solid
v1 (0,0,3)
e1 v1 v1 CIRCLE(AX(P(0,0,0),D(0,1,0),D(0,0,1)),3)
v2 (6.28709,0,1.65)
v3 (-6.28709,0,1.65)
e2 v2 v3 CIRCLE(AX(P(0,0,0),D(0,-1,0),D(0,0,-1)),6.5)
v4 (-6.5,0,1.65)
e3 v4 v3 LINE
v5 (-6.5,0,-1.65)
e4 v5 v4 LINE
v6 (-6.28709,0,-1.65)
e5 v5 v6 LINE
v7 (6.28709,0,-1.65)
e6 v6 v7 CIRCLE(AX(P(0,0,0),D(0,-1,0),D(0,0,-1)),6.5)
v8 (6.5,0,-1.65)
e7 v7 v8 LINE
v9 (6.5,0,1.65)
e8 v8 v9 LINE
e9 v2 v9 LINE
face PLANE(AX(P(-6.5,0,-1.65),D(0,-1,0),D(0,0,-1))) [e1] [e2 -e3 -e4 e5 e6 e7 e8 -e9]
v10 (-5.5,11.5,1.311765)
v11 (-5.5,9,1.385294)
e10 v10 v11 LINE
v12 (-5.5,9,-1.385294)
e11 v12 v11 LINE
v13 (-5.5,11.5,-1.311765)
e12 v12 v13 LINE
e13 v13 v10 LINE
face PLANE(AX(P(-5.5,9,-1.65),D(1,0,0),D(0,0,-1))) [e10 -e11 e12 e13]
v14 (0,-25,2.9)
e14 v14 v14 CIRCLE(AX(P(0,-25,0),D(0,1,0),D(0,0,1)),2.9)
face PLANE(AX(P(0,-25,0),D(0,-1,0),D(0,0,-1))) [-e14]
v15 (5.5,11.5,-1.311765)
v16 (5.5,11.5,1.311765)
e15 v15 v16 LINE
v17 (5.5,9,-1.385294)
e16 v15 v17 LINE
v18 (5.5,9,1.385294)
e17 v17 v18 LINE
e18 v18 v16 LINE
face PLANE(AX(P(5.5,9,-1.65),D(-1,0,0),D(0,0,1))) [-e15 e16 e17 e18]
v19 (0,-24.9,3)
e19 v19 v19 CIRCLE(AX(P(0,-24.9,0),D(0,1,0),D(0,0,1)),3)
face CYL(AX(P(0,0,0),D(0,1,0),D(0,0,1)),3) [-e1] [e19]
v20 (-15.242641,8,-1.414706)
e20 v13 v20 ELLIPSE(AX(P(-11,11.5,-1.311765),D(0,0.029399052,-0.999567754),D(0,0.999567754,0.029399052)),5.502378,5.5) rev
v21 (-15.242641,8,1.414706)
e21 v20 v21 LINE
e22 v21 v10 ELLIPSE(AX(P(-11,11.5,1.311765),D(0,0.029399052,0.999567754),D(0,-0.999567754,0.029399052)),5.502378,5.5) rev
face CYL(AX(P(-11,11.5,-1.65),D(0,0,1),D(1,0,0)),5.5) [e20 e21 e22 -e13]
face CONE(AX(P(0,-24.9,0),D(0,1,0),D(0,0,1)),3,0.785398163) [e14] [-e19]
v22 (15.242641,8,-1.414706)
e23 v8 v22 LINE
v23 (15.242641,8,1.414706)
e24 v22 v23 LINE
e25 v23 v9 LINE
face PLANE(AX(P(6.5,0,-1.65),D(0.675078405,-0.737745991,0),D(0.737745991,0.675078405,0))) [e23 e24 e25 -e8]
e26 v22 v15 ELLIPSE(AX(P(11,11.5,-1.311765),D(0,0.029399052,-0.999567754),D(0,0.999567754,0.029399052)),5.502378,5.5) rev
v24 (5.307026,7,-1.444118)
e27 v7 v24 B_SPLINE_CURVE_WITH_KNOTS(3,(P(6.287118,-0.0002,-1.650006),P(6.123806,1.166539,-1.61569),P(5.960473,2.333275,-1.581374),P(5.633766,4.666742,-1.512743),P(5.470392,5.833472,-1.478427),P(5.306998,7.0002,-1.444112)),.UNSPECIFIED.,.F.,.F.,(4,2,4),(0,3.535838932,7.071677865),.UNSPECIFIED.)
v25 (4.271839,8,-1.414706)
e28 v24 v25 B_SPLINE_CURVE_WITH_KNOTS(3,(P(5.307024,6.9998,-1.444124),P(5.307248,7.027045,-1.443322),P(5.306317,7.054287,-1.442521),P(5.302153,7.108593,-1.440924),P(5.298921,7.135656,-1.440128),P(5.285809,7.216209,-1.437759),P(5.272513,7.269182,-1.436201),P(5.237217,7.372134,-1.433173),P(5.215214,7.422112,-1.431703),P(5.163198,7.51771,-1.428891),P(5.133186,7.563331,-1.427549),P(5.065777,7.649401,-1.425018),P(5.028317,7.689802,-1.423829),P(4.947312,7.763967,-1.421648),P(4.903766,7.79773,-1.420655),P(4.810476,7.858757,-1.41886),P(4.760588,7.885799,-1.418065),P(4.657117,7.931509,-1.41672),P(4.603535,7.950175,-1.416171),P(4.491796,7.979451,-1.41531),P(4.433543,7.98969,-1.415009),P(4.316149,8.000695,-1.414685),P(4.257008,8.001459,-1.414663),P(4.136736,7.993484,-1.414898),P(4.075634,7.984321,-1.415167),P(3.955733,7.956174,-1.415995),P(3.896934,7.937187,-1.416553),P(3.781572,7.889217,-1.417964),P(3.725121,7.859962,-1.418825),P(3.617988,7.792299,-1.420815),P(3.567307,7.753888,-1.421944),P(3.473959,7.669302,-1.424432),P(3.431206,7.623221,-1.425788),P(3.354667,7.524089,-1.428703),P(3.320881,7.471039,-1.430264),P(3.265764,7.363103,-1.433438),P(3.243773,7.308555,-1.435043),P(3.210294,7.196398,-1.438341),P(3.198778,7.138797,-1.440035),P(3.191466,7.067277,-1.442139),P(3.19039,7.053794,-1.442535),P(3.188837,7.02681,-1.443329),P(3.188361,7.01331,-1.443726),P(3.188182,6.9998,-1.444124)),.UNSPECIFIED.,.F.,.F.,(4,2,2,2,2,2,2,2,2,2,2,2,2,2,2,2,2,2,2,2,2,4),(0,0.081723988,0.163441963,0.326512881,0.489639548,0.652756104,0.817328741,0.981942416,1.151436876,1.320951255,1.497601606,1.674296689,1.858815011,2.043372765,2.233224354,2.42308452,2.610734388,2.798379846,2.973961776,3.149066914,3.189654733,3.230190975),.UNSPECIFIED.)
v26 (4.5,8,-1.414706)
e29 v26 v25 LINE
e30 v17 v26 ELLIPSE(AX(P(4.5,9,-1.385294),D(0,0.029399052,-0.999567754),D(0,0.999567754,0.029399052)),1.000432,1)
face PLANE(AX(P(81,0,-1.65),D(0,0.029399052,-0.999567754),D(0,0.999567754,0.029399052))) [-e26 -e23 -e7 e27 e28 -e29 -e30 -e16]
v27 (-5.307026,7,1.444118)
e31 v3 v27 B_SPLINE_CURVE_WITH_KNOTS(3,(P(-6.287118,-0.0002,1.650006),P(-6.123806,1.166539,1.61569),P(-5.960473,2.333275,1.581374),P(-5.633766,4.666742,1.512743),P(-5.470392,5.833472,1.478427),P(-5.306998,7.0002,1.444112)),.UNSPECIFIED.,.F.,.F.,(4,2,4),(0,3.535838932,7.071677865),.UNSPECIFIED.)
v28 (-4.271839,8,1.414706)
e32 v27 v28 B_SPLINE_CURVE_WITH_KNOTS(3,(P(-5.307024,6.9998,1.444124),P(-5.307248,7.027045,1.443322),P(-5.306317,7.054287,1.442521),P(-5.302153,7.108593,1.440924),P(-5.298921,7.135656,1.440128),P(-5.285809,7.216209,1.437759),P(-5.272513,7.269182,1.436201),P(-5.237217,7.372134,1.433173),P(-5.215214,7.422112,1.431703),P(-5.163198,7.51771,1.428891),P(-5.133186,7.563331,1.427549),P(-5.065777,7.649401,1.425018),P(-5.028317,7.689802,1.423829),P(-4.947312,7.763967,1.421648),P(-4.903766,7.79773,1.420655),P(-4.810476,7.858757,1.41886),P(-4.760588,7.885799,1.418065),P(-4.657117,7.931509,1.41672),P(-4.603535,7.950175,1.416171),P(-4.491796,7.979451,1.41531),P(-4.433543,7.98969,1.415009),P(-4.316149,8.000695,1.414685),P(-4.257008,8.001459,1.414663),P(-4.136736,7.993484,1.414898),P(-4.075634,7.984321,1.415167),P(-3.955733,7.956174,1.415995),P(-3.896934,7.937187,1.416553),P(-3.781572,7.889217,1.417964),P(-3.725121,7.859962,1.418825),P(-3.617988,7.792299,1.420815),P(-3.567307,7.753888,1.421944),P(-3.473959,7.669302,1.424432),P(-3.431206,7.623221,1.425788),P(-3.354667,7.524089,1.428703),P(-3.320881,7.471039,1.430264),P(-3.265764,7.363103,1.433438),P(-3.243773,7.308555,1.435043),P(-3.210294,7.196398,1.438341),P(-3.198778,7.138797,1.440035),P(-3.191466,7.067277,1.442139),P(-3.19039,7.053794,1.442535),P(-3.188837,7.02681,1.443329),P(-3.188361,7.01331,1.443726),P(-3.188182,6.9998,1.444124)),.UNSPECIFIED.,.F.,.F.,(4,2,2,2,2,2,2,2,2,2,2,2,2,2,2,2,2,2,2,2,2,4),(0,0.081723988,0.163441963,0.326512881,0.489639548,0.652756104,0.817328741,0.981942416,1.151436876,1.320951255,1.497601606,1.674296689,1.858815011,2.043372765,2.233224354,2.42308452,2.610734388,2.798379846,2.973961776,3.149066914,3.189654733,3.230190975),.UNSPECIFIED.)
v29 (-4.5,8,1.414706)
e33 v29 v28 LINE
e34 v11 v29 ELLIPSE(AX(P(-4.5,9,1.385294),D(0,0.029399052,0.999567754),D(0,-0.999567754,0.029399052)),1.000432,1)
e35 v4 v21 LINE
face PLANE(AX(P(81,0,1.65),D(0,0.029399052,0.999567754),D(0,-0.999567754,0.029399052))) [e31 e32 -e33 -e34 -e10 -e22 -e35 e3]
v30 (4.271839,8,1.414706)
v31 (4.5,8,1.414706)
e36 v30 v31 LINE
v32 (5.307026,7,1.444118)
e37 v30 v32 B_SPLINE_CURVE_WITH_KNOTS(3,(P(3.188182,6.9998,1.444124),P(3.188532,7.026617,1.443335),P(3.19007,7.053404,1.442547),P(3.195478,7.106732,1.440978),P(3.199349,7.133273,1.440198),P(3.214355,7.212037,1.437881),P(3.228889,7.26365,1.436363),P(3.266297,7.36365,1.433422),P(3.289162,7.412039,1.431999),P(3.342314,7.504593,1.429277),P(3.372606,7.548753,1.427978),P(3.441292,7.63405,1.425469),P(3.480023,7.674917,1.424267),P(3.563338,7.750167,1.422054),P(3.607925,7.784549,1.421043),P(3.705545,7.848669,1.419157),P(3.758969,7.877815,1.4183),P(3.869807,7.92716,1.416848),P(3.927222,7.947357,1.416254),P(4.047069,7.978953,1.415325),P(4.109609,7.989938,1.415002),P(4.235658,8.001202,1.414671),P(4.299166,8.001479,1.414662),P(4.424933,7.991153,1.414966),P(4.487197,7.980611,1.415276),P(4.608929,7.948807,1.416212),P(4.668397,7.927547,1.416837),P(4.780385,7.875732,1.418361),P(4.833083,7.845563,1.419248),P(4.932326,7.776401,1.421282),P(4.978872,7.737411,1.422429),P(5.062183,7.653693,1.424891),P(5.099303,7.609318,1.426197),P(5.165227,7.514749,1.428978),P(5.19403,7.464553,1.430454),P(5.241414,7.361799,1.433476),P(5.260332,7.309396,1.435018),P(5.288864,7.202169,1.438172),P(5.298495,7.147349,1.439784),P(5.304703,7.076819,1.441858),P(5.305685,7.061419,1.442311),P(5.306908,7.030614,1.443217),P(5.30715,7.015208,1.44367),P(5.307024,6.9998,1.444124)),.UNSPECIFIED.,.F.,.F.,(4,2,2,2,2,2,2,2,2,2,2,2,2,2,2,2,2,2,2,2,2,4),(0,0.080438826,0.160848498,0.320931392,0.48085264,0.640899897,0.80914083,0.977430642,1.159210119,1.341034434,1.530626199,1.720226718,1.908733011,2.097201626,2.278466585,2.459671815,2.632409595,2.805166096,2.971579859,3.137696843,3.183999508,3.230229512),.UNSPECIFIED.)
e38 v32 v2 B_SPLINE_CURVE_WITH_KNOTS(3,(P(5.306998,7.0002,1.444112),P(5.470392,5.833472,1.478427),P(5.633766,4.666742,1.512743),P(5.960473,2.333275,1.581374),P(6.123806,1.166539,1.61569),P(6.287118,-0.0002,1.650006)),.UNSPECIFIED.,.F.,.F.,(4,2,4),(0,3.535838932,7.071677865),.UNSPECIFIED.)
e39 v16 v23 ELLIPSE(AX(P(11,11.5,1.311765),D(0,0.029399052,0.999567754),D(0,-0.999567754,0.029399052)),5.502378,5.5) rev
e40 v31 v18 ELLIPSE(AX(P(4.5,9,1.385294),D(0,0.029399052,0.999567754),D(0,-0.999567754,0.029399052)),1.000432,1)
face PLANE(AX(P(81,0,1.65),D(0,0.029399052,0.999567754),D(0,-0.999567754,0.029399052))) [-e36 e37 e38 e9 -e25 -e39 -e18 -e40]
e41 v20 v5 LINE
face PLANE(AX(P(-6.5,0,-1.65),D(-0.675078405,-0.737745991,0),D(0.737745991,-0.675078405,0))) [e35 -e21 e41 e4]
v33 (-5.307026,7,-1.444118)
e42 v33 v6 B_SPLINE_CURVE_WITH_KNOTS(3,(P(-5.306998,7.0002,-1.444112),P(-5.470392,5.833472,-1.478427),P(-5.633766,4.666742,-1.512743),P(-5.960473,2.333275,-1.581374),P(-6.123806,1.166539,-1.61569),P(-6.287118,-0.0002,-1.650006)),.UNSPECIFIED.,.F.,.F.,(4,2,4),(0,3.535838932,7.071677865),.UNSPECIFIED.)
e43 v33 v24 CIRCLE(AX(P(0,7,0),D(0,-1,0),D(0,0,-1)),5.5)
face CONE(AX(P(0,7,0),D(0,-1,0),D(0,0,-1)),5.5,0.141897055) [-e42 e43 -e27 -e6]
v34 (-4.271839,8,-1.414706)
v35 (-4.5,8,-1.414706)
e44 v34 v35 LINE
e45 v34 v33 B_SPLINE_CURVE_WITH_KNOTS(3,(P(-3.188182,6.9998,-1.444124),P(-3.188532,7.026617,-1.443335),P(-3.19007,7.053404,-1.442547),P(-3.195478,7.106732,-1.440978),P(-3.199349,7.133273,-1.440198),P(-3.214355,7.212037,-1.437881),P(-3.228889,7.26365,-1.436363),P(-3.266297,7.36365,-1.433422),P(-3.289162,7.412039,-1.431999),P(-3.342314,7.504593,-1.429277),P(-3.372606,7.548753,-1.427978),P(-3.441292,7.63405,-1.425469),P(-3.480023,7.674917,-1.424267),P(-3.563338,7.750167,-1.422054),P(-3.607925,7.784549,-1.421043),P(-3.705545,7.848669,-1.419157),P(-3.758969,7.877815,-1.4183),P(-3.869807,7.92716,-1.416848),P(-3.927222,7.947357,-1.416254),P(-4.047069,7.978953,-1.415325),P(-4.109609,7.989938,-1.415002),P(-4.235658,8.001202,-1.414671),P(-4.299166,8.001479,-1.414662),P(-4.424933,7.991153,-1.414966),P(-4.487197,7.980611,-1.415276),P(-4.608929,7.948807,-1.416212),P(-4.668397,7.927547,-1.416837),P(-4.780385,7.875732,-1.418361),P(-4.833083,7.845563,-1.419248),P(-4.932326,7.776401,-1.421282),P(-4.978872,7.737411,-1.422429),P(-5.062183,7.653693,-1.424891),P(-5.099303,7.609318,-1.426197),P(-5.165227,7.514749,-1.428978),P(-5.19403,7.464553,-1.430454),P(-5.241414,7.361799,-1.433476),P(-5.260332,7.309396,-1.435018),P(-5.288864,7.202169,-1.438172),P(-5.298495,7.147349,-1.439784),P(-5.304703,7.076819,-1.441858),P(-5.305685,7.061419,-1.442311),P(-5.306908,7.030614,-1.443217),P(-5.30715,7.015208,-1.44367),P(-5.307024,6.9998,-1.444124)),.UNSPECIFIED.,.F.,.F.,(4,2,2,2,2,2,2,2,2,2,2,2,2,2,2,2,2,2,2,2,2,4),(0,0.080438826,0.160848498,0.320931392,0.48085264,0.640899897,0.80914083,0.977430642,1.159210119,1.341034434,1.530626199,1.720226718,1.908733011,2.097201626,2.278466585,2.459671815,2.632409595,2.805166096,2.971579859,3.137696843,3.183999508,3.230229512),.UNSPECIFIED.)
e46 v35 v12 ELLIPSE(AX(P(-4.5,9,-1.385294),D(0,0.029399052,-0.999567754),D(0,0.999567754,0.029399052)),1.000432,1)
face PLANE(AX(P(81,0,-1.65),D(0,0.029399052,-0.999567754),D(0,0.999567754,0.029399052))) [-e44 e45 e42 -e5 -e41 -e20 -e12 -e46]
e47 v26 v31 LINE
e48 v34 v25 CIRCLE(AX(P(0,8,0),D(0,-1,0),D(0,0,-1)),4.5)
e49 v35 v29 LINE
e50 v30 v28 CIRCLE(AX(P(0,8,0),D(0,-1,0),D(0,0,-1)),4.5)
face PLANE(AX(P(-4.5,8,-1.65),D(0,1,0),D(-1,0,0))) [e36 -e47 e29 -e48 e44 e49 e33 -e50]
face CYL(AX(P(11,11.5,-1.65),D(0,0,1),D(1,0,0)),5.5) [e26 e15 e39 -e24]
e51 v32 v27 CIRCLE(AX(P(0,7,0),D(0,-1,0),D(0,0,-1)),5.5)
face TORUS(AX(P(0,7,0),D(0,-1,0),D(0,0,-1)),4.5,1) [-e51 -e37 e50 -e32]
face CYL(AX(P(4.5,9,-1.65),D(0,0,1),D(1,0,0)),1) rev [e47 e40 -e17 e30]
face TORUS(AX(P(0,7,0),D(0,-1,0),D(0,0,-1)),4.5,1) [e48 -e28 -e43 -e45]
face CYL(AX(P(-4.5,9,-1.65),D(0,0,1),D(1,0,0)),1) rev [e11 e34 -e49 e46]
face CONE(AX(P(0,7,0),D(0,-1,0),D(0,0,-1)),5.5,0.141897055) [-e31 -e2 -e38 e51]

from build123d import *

# Parameters (mm, degrees)
BOSS_EXTRUDE1_DEPTH      = 1.65
BOSS_EXTRUDE1_DEPTH_BACK = 1.65
CUT_EXTRUDE2_DEPTH       = 81
CUT_EXTRUDE2_DEPTH_BACK  = 103


with BuildPart() as part:
    # Sketch1 → Boss-Extrude1 (new, two sides: drawn at the far end of the back side and taken through both)
    with BuildSketch(Plane.XY.offset(-BOSS_EXTRUDE1_DEPTH_BACK)):
        with BuildLine():
            Line((-6.5, 0), (-15.242640687, 8))
            ThreePointArc((-15.242640687, 8), (-12.859499425, 16.676124215), (-5.5, 11.5))
            Line((-5.5, 11.5), (-5.5, 9))
            ThreePointArc((-5.5, 9), (-5.207106781, 8.292893219), (-4.5, 8))
            Line((-4.5, 8), (4.5, 8))
            ThreePointArc((4.5, 8), (5.207106781, 8.292893219), (5.5, 9))
            Line((5.5, 9), (5.5, 11.5))
            ThreePointArc((5.5, 11.5), (12.859499425, 16.676124215), (15.242640687, 8))
            Line((15.242640687, 8), (6.5, 0))
            Line((6.5, 0), (-6.5, 0))
        make_face()
    extrude(amount=BOSS_EXTRUDE1_DEPTH + BOSS_EXTRUDE1_DEPTH_BACK)

    # Sketch6 → Cut-Extrude2 (cut, two sides: drawn at the far end of the back side and taken through both)
    with BuildSketch(Plane(origin=(0, 0, 0), x_dir=(0, 0, -1), z_dir=(1, 0, 0)).offset(-CUT_EXTRUDE2_DEPTH_BACK)):
        Polygon((-3, 0), (-1.65, 0), (-1.15, 17), (-3, 17), align=None)
        Polygon((1.15, 17), (3, 17), (3, 0), (1.65, 0), align=None)
    extrude(amount=CUT_EXTRUDE2_DEPTH + CUT_EXTRUDE2_DEPTH_BACK, mode=Mode.SUBTRACT)

    # Sketch2 → Revolve1 (revolve)
    with BuildSketch(Plane(origin=(0, 0, 0), x_dir=(0, 0, -1), z_dir=(1, 0, 0))):
        with BuildLine():
            Line((0, 0), (-6.5, 0))
            Line((-6.5, 0), (-5.5, 7))
            ThreePointArc((-5.5, 7), (-5.207106781, 7.707106781), (-4.5, 8))
            Line((-4.5, 8), (0, 8))
            Line((0, 8), (0, 0))
        make_face()
    revolve(axis=Axis((0, 0, 0), (0, 1, 0)))

    # Sketch7 → Revolve2 (revolve)
    with BuildSketch(Plane(origin=(0, 0, 0), x_dir=(0, 0, -1), z_dir=(1, 0, 0))):
        Polygon((0, -25), (-2.9, -25), (-3, -24.9), (-3, 0), (0, 0), align=None)
    revolve(axis=Axis((0, 0, 0), (0, -1, 0)))


solid = part.part
